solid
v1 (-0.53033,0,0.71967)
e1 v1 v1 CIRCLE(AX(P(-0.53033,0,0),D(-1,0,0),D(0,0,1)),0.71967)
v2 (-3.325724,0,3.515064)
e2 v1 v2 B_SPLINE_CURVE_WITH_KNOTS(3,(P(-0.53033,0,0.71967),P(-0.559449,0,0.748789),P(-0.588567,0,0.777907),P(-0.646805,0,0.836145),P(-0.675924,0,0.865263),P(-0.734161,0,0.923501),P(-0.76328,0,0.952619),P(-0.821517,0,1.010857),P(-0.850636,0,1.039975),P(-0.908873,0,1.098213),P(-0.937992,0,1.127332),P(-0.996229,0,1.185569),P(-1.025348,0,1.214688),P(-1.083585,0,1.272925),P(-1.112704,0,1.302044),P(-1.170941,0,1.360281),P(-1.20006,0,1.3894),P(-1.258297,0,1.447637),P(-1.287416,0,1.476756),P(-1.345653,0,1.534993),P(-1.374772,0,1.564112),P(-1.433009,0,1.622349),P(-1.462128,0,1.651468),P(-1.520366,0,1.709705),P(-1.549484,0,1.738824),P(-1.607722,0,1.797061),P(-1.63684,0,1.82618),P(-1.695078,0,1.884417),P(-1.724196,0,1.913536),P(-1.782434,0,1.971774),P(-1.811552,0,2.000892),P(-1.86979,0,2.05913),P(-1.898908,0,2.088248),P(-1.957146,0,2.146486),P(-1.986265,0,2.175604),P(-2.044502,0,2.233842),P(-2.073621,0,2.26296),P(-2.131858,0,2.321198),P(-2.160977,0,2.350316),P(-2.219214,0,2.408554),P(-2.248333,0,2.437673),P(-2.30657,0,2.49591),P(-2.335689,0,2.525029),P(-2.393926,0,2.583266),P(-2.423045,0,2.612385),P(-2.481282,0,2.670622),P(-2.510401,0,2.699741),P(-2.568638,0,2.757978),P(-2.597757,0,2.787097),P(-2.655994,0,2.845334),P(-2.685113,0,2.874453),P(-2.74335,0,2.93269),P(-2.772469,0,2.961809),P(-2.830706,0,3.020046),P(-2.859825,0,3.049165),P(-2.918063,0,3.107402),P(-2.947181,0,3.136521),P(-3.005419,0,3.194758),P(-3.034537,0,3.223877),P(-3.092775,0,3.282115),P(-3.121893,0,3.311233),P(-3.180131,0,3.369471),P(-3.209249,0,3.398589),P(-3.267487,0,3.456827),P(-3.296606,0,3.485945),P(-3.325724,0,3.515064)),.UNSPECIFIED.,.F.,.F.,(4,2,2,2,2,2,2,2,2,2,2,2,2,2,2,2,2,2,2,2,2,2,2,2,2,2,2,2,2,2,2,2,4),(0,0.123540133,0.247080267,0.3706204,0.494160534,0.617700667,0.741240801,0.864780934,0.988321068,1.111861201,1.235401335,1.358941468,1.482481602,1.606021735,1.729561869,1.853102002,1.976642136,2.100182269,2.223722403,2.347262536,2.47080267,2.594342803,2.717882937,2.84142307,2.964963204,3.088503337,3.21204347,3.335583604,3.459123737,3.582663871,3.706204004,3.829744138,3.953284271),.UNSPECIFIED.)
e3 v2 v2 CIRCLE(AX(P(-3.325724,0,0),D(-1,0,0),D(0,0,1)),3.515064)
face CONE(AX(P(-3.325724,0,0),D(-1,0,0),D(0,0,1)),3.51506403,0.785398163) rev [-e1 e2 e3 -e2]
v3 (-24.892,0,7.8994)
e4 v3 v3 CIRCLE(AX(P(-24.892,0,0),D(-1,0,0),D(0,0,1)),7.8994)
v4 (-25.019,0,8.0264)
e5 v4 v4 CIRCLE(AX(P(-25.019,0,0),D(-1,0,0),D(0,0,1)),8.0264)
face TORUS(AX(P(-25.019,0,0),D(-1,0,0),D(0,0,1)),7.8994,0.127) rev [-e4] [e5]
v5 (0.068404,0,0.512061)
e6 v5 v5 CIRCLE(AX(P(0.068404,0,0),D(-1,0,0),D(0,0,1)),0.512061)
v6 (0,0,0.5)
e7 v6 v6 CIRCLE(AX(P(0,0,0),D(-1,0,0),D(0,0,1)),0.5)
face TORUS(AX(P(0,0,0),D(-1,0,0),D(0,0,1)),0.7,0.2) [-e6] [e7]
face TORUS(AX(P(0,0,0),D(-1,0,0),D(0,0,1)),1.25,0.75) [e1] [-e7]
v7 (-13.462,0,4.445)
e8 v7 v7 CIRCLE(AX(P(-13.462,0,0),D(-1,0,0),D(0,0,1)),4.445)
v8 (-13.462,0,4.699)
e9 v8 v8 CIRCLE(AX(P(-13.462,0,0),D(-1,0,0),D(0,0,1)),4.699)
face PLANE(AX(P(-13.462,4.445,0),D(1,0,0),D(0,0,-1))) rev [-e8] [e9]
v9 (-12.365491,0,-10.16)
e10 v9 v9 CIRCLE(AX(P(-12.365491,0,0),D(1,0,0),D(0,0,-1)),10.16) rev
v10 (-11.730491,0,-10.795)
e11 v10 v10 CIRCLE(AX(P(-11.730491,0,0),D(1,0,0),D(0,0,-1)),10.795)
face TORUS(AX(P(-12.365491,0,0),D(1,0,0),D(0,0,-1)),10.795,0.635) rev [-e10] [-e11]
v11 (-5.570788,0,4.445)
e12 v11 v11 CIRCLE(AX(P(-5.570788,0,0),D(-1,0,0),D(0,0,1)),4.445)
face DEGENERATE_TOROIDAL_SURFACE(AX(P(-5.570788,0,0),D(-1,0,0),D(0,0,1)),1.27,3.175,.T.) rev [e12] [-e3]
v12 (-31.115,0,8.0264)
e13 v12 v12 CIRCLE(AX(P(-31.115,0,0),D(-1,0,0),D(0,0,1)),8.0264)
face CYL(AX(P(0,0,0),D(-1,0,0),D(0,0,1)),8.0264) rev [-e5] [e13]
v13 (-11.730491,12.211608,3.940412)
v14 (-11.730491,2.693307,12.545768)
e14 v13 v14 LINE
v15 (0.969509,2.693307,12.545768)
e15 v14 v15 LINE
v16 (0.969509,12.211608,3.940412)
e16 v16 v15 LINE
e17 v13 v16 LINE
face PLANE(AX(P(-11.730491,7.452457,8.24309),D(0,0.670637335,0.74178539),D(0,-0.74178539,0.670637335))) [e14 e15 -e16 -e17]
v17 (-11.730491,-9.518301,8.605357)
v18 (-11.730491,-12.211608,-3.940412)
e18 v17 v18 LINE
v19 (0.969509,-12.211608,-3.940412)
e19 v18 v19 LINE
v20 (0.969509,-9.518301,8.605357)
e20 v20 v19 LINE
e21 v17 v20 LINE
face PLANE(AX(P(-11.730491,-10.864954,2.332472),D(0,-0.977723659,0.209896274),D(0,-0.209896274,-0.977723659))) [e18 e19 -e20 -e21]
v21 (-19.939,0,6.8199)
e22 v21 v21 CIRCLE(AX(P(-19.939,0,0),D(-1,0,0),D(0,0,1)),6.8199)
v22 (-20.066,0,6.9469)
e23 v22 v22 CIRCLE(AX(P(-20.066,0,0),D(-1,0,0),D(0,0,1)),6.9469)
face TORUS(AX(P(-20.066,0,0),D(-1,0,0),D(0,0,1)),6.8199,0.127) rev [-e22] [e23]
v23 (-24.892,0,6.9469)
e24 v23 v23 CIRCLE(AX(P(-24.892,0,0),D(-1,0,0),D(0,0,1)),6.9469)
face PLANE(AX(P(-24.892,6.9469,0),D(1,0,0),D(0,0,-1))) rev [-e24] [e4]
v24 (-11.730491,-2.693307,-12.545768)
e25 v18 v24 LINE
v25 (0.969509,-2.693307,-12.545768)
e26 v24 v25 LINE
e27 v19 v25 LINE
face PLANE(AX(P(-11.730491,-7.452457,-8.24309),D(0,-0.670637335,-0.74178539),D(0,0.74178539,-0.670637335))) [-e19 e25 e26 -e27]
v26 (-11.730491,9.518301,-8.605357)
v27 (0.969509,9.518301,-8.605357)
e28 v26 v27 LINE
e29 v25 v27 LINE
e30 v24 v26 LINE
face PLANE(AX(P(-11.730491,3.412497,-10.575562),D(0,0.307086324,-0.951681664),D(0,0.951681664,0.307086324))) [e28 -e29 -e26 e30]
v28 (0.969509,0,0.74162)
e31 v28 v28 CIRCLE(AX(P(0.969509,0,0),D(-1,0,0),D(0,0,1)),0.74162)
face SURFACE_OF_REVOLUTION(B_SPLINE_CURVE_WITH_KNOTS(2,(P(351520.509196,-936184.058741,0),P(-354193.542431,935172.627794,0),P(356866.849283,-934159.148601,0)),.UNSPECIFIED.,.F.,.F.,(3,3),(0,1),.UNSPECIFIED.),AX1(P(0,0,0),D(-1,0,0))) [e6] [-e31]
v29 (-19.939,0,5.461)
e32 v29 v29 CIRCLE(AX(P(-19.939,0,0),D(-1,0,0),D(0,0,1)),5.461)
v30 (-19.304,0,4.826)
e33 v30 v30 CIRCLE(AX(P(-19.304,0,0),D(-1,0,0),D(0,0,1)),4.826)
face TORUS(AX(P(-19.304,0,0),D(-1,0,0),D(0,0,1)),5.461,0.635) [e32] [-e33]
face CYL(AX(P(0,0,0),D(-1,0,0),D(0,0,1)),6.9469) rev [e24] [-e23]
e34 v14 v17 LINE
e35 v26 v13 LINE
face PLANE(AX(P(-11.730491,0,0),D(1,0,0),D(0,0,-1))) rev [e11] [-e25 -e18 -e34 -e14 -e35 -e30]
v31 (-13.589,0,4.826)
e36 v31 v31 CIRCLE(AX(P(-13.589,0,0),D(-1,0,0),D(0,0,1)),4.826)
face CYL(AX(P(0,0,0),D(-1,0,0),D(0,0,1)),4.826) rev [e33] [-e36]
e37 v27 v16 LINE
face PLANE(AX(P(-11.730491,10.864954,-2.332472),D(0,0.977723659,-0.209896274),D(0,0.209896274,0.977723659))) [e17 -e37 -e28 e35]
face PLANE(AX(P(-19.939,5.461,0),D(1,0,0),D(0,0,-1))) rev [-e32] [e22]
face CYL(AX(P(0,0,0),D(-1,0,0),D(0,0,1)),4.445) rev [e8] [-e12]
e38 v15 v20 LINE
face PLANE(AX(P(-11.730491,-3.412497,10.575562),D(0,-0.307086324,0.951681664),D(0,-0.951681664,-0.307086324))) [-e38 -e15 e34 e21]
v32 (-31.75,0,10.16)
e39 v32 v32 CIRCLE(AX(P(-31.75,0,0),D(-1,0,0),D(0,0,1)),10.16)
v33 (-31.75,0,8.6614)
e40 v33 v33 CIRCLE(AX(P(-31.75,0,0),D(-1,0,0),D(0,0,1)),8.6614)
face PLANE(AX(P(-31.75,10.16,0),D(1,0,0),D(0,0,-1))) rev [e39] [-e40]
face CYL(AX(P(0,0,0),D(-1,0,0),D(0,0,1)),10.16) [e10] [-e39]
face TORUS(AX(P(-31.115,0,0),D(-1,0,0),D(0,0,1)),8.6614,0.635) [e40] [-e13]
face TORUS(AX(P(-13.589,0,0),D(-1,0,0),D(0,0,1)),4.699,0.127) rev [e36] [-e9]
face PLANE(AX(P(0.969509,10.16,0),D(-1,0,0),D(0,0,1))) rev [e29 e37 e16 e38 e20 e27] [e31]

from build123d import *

# Parameters (mm, degrees)
SKETCH4_R           = 10.16
BOSS_EXTRUDE1_DEPTH = 12.7
FILLET1_R           = 0.635


with BuildPart() as part:
    # Sketch1 → Revolve1 (revolve)
    with BuildSketch(Plane.XY, mode=Mode.PRIVATE) as revolve1_sk:
        with BuildLine():
            Line((-0.530330086, 0.719669914), (-3.325724202, 3.51506403))
            ThreePointArc((-3.325724202, 3.51506403), (-4.355768335, 4.203317516), (-5.570788232, 4.445))
            Line((-5.570788232, 4.445), (-13.462, 4.445))
            Line((-13.462, 4.445), (-13.462, 4.699))
            ThreePointArc((-13.462, 4.699), (-13.499197439, 4.788802561), (-13.589, 4.826))
            Line((-13.589, 4.826), (-19.304, 4.826))
            ThreePointArc((-19.304, 4.826), (-19.753012806, 5.011987194), (-19.939, 5.461))
            Line((-19.939, 5.461), (-19.939, 6.8199))
            ThreePointArc((-19.939, 6.8199), (-19.976197439, 6.909702561), (-20.066, 6.9469))
            Line((-20.066, 6.9469), (-24.892, 6.9469))
            Line((-24.892, 6.9469), (-24.892, 7.8994))
            ThreePointArc((-24.892, 7.8994), (-24.929197439, 7.989202561), (-25.019, 8.0264))
            Line((-25.019, 8.0264), (-31.115, 8.0264))
            ThreePointArc((-31.115, 8.0264), (-31.564012806, 8.212387194), (-31.75, 8.6614))
            Line((-31.75, 8.6614), (-31.75, 10.16))
            Line((-31.75, 10.16), (-11.729972483, 10.16))
            Line((-11.729972483, 10.16), (0.969508534, 10.16))
            Line((0.969508534, 10.16), (0.969508534, 0.741619849))
            add(Edge.make_bspline(
                [(0.969508534, 0.741619849), (0.500451636, 0.675698201), (0.068404029, 0.512061476)],
                knots=[0, 0, 0, 1, 1, 1], degree=2))
            ThreePointArc((0.068404029, 0.512061476), (0.034729636, 0.503038449), (0, 0.5))
            ThreePointArc((0, 0.5), (-0.287012574, 0.557090351), (-0.530330086, 0.719669914))
        make_face()
    revolve(revolve1_sk.sketch.rotate(Axis((0, 0, 0), (1, 0, 0)), 90), axis=Axis((0, 0, 0), (1, 0, 0)))

    # Sketch4 → Boss-Extrude1 (add)
    with BuildSketch(Plane(origin=(0.969508534, 0, 0), x_dir=(0, 0, -1), z_dir=(1, 0, 0))):
        Polygon((3.940411868, -12.211607701), (12.545768424, -2.693307071), (8.605356556, 9.51830063), (-3.940411868, 12.211607701), (-12.545768424, 2.693307071), (-8.605356556, -9.51830063), align=None)
        with Locations(Location((0, 0, 0), (0, 0, 180))):
            Circle(SKETCH4_R, mode=Mode.SUBTRACT)
    extrude(amount=-BOSS_EXTRUDE1_DEPTH)

    # Fillet1
    fillet1_edges = [part.edges().sort_by_distance(p)[0] for p in [
        (-11.730491466, 0, -10.16),
    ]]
    fillet(fillet1_edges, radius=FILLET1_R)


solid = part.part
